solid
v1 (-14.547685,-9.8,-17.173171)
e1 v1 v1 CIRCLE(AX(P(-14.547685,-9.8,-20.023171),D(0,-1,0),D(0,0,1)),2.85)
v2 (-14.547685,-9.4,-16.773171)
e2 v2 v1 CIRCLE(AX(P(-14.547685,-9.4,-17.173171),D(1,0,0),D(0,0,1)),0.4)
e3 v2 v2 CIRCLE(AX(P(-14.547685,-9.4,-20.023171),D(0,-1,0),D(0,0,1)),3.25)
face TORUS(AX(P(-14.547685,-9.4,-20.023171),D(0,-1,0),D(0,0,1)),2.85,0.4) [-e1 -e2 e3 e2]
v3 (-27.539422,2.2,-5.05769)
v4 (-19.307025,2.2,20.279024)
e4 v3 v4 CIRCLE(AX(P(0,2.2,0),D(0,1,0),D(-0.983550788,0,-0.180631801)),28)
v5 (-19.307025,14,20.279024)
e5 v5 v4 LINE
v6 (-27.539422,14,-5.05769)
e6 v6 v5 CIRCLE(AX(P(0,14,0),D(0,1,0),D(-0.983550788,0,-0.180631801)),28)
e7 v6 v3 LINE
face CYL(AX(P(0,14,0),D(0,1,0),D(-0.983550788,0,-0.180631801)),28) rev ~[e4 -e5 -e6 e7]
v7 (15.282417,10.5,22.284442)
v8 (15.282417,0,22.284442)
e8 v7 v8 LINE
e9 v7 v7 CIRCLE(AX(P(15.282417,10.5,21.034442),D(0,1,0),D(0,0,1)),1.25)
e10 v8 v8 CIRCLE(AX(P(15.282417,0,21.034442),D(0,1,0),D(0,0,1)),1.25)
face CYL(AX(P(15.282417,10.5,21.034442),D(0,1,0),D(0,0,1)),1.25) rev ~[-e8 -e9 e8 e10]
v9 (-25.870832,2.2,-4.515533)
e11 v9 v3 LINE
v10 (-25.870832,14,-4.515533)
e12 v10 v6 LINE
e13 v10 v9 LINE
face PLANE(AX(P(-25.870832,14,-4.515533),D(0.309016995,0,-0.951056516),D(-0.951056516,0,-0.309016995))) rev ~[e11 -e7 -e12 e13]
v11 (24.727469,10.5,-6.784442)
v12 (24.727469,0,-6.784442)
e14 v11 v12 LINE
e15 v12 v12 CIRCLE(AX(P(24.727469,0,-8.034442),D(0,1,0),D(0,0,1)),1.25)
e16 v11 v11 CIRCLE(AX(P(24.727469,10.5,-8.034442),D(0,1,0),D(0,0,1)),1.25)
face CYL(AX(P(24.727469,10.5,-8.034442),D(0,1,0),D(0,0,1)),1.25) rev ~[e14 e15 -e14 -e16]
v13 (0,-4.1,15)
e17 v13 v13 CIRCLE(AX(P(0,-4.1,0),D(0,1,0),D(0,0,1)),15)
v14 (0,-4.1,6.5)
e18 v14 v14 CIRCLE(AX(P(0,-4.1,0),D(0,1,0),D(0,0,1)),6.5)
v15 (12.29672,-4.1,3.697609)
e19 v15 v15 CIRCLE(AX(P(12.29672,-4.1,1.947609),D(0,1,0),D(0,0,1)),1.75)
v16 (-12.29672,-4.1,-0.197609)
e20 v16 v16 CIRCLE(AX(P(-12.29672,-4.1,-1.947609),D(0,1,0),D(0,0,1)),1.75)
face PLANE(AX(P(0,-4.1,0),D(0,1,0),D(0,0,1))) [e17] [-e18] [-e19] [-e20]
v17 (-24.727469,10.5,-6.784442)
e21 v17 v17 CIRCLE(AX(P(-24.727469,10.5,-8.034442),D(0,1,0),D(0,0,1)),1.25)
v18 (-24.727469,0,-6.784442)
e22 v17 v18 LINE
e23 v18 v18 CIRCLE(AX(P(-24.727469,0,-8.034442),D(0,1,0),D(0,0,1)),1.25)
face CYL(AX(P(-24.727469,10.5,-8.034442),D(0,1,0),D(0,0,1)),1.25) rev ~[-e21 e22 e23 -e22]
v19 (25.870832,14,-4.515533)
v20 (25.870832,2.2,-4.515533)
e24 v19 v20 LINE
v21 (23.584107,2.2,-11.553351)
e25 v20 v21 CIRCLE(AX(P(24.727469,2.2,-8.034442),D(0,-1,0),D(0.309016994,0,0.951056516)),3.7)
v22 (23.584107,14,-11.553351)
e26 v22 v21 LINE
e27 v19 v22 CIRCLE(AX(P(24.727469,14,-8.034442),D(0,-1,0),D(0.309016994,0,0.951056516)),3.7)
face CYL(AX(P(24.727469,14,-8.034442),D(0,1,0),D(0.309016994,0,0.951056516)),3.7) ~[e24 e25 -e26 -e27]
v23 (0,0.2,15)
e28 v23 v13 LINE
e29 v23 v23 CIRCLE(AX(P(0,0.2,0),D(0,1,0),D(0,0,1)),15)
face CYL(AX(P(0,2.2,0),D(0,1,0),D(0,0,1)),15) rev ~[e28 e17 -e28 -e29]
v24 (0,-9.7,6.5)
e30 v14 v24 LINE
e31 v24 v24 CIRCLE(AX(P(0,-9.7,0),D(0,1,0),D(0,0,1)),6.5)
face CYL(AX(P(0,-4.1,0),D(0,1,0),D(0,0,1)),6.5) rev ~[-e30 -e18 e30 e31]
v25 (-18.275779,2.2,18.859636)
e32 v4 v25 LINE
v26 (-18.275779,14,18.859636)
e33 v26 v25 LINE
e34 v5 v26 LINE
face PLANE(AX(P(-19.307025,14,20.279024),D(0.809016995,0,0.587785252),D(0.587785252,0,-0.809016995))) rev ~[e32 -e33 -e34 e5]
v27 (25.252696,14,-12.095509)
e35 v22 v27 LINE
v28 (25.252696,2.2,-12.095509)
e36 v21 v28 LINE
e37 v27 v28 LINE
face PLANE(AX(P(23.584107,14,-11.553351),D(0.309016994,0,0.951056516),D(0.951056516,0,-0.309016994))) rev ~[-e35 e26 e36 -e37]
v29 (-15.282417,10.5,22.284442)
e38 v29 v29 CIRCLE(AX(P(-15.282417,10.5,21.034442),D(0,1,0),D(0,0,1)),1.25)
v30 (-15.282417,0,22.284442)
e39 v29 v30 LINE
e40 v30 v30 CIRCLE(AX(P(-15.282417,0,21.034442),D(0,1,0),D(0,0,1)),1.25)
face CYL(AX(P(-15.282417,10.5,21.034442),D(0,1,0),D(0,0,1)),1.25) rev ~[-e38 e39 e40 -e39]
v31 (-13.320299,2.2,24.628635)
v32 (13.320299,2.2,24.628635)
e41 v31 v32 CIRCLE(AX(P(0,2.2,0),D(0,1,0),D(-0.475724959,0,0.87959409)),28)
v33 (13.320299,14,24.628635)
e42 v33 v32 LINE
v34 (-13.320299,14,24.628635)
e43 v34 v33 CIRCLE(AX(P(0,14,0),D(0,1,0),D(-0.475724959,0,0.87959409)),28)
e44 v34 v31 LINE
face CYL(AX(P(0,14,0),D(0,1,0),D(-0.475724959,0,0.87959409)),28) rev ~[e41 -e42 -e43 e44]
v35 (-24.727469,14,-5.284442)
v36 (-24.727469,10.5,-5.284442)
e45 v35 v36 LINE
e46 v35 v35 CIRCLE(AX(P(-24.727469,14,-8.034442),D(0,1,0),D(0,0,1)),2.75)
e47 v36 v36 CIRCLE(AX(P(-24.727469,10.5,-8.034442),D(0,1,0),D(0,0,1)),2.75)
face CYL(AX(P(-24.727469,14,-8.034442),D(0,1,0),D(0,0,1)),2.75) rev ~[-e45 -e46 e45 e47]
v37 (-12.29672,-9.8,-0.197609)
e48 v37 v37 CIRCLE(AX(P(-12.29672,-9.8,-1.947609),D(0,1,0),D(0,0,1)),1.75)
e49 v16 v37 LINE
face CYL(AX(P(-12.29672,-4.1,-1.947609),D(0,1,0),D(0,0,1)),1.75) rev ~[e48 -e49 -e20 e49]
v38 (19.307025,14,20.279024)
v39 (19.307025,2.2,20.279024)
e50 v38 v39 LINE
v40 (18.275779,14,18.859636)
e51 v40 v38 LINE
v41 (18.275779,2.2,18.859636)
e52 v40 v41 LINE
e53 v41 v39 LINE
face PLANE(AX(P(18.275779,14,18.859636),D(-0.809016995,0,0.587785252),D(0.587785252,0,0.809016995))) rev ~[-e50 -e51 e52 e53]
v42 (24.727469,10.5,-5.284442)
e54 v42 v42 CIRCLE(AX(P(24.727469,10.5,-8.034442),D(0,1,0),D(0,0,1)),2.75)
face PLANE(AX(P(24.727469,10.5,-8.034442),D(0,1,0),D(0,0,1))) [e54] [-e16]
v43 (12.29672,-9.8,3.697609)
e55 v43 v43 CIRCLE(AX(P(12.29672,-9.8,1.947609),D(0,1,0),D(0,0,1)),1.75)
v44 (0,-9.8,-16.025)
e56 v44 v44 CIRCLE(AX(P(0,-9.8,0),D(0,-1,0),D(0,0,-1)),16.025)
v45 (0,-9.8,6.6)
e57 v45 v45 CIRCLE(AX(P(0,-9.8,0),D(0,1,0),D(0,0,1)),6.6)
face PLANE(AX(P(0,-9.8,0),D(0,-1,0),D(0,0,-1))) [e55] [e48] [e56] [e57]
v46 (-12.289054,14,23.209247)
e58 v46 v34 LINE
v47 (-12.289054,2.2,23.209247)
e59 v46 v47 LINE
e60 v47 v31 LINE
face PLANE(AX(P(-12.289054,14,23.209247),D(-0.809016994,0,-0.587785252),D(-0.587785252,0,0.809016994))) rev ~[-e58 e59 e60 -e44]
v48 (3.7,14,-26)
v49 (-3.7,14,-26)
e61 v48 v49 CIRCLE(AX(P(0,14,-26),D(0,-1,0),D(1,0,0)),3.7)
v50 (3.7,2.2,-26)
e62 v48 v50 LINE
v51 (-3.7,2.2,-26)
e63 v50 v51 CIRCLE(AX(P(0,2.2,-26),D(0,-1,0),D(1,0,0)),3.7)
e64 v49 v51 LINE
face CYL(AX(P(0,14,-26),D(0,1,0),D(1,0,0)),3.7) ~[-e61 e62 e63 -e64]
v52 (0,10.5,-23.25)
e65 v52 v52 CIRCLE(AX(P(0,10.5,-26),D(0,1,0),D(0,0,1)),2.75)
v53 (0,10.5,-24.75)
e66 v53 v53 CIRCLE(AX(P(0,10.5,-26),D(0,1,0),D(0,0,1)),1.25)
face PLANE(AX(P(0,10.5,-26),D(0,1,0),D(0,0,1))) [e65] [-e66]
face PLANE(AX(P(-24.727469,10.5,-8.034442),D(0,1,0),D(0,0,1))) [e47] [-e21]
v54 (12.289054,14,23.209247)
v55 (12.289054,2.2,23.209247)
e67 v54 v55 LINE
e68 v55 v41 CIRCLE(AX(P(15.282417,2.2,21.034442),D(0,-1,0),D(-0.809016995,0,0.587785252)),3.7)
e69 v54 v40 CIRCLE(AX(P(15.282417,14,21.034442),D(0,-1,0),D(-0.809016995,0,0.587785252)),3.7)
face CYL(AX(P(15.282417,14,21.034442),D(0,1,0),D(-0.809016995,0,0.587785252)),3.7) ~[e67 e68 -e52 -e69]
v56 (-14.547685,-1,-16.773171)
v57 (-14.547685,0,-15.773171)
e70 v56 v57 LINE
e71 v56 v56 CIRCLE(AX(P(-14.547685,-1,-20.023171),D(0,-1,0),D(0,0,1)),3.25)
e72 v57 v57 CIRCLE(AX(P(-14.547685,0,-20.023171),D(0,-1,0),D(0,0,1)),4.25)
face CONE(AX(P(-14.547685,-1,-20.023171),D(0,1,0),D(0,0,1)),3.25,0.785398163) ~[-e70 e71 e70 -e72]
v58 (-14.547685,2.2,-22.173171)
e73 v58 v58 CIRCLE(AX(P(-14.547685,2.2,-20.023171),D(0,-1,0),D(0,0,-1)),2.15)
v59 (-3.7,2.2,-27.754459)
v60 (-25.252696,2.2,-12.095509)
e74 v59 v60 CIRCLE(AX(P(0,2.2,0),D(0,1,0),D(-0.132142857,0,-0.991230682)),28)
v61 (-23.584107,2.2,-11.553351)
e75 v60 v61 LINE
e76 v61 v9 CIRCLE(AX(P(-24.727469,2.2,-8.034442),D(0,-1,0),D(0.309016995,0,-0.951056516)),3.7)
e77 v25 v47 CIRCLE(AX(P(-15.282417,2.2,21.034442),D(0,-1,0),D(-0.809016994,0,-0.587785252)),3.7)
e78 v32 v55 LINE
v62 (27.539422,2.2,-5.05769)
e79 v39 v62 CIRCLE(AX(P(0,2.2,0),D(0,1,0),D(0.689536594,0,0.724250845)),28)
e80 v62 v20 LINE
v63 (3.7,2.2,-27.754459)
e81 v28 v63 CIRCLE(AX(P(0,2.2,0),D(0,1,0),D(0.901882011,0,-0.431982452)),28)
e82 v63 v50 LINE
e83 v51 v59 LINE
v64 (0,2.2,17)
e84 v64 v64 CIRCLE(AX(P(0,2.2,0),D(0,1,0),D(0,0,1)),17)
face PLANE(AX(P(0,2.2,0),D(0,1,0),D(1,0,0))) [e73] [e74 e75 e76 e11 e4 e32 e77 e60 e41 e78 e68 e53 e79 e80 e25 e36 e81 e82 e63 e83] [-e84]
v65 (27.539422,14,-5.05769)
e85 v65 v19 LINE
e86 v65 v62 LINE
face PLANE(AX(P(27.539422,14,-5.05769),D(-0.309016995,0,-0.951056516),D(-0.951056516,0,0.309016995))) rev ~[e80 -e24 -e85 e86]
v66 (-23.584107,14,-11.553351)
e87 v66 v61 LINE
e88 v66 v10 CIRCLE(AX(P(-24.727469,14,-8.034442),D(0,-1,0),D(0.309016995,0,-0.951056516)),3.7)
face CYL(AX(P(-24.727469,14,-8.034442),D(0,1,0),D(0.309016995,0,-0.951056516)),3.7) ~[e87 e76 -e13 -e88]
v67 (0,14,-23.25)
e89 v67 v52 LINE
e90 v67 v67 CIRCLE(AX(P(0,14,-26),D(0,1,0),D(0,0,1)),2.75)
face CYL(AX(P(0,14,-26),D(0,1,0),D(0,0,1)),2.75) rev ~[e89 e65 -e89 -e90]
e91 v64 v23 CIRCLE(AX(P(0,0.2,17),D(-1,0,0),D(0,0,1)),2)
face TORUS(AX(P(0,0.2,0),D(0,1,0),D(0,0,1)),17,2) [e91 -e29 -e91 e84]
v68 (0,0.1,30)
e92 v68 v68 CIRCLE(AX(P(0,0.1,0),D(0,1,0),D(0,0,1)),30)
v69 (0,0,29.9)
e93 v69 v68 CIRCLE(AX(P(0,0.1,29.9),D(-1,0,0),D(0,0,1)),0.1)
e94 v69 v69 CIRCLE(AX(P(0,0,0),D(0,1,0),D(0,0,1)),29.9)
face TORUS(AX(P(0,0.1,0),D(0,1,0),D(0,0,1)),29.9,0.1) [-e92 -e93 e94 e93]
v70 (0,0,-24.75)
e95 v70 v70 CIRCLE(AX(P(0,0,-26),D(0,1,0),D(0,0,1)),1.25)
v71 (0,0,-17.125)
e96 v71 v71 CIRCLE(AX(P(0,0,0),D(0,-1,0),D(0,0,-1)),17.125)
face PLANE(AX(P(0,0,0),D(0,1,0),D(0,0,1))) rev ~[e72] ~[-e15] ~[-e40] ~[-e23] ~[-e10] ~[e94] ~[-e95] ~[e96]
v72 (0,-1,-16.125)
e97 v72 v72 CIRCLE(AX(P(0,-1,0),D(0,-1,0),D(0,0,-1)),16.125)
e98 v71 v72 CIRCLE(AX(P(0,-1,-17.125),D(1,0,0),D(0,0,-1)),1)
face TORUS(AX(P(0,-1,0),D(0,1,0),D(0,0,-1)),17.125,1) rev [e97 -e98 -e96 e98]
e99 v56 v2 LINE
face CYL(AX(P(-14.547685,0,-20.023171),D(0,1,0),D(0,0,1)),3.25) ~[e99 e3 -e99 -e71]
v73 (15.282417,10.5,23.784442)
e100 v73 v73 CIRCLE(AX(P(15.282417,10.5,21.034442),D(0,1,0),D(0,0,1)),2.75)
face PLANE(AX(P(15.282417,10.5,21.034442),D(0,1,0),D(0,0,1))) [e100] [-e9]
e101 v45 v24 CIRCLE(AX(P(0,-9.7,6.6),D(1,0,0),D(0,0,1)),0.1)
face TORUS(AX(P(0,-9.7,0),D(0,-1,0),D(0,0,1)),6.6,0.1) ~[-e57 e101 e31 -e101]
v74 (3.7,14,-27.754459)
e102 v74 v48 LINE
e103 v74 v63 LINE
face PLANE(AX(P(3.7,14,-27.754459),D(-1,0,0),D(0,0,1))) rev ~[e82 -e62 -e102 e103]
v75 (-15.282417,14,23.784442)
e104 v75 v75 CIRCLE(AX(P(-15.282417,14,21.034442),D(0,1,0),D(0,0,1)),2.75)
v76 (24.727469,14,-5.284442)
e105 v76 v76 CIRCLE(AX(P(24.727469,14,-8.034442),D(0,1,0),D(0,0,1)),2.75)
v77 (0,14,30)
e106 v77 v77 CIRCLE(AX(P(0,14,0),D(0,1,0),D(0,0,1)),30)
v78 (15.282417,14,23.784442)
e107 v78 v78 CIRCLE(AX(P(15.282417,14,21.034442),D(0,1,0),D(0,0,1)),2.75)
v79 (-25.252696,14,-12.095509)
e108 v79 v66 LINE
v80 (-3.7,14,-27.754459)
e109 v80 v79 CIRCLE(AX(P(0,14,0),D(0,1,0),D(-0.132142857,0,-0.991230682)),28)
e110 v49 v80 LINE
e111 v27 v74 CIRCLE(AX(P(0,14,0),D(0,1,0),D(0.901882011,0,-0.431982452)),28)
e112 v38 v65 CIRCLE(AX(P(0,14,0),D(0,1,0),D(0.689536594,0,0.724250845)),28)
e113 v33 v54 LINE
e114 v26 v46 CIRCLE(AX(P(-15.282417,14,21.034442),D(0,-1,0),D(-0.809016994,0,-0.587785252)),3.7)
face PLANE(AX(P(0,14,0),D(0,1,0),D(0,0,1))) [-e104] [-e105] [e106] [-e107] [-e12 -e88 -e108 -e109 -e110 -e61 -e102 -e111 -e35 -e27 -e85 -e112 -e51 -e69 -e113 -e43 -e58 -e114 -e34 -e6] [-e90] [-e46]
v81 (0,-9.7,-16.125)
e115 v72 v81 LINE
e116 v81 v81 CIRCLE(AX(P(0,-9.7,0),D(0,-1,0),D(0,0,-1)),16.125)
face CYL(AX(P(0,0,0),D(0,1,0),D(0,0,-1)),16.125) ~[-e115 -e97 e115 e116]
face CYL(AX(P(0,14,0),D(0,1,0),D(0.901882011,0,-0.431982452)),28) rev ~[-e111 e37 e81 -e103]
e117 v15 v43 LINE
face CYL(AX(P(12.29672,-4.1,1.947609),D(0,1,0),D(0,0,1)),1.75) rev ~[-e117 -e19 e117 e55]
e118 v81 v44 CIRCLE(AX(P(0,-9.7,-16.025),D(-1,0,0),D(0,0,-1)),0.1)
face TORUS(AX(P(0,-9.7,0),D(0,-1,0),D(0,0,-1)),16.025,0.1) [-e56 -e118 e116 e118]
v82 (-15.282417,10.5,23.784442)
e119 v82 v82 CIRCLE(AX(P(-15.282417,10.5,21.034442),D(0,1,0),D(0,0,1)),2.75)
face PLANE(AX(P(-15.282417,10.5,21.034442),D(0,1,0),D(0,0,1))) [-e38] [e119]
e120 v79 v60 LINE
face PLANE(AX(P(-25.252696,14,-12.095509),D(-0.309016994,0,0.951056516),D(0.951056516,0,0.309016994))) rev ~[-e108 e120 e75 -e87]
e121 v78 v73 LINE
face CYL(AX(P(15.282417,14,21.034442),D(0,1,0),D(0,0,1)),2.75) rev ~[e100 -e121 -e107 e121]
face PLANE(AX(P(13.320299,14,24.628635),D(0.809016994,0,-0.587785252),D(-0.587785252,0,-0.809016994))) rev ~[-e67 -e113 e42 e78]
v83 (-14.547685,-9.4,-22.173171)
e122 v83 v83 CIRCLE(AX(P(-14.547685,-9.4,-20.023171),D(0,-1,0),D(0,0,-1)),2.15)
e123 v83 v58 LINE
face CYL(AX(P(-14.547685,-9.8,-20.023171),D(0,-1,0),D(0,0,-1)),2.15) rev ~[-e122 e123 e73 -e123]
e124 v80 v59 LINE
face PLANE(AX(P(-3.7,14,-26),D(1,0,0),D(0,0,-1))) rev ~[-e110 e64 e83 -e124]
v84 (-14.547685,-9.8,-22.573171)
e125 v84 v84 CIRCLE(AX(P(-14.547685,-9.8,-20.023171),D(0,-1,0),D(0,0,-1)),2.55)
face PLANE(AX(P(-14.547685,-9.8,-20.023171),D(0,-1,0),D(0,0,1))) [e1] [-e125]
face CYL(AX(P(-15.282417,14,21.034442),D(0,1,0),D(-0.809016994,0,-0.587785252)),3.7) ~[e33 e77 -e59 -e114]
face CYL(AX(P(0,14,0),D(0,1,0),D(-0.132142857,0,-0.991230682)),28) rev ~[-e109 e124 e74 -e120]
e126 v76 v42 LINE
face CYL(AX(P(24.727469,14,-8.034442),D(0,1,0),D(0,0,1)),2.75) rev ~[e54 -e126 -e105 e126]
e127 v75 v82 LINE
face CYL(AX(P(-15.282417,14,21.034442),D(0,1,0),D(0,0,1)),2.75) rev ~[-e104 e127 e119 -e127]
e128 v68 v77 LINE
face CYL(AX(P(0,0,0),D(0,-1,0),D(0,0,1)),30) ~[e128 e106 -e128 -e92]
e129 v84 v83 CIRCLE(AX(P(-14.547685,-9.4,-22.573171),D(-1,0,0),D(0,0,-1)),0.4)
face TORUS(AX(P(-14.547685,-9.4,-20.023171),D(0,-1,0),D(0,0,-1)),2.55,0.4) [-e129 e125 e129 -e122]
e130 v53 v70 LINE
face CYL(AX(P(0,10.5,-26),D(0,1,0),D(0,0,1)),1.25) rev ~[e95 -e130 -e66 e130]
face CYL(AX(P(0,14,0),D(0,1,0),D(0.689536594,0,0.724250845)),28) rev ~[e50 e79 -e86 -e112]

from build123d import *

# Parameters (mm, degrees)
SKETCH1_R           = 30
BOSS_EXTRUDE1_DEPTH = 14
SKETCH2_R           = 16.125
BOSS_EXTRUDE2_DEPTH = 9.8
CUT_EXTRUDE1_DEPTH  = 11.8
SKETCH4_R           = 15
CUT_EXTRUDE2_DEPTH  = 6.3
SKETCH5_R           = 6.5
CUT_EXTRUDE3_DEPTH  = 8.3
SKETCH6_R           = 2.75
CUT_EXTRUDE4_DEPTH  = 3.5
SKETCH7_R           = 1.25
CUT_EXTRUDE5_DEPTH  = 48.032860853
SKETCH8_R           = 1.75
CUT_EXTRUDE6_DEPTH  = 47.126023024
SKETCH10_R          = 3.25
BOSS_EXTRUDE3_DEPTH = 9.8
SKETCH11_R          = 2.15
CUT_EXTRUDE7_DEPTH  = 49.6460687
FILLET1_R           = 2
CHAMFER1_SIZE       = 1
FILLET2_R           = 0.1
FILLET3_R           = 0.4
FILLET4_R           = 1


with BuildPart() as part:
    # Sketch1 → Boss-Extrude1 (new body)
    with BuildSketch(Plane(origin=(0, 0, 0), x_dir=(1, 0, 0), z_dir=(0, 1, 0))):
        with Locations(Location((0, 0, 0), (0, 0, 270))):
            Circle(SKETCH1_R)
    extrude(amount=BOSS_EXTRUDE1_DEPTH)

    # Sketch2 → Boss-Extrude2 (add)
    with BuildSketch(Plane.XZ):
        with Locations(Location((0, 0, 0), (0, 0, 270))):
            Circle(SKETCH2_R)
    extrude(amount=BOSS_EXTRUDE2_DEPTH)

    # Sketch3 → Cut-Extrude1 (cut)
    with BuildSketch(Plane(origin=(0, 14, 0), x_dir=(1, 0, 0), z_dir=(0, 1, 0))):
        with BuildLine():
            Line((-3.7, 26), (-3.7, 27.754459101))
            ThreePointArc((-3.7, 27.754459101), (-16.457987064, 22.652475842), (-25.252696305, 12.095508642))
            Line((-25.252696305, 12.095508642), (-23.584106544, 11.553350964))
            ThreePointArc((-23.584106544, 11.553350964), (-21.208560313, 6.891078975), (-25.870832303, 4.515532743))
            Line((-25.870832303, 4.515532743), (-27.539422064, 5.057690422))
            ThreePointArc((-27.539422064, 5.057690422), (-26.629582456, -8.652475842), (-19.307024624, -20.279023649))
            Line((-19.307024624, -20.279023649), (-18.275779439, -18.85963642))
            ThreePointArc((-18.275779439, -18.85963642), (-13.107611126, -18.041078975), (-12.28905368, -23.209247287))
            Line((-12.28905368, -23.209247287), (-13.320298866, -24.628634516))
            ThreePointArc((-13.320298866, -24.628634516), (0, -28), (13.320298866, -24.628634516))
            Line((13.320298866, -24.628634516), (12.28905368, -23.209247287))
            ThreePointArc((12.28905368, -23.209247287), (13.107611126, -18.041078975), (18.275779439, -18.85963642))
            Line((18.275779439, -18.85963642), (19.307024624, -20.279023649))
            ThreePointArc((19.307024624, -20.279023649), (26.629582456, -8.652475842), (27.539422064, 5.057690422))
            Line((27.539422064, 5.057690422), (25.870832303, 4.515532743))
            ThreePointArc((25.870832303, 4.515532743), (21.208560313, 6.891078975), (23.584106544, 11.553350964))
            Line((23.584106544, 11.553350964), (25.252696305, 12.095508642))
            ThreePointArc((25.252696305, 12.095508642), (16.457987064, 22.652475842), (3.7, 27.754459101))
            Line((3.7, 27.754459101), (3.7, 26))
            ThreePointArc((3.7, 26), (0, 22.3), (-3.7, 26))
        make_face()
    extrude(amount=-CUT_EXTRUDE1_DEPTH, mode=Mode.SUBTRACT)

    # Sketch4 → Cut-Extrude2 (cut)
    with BuildSketch(Plane(origin=(0, 2.2, 0), x_dir=(1, 0, 0), z_dir=(0, 1, 0))):
        with Locations(Location((0, 0, 0), (0, 0, 270))):
            Circle(SKETCH4_R)
    extrude(amount=-CUT_EXTRUDE2_DEPTH, mode=Mode.SUBTRACT)

    # Sketch5 → Cut-Extrude3 (cut)
    with BuildSketch(Plane(origin=(0, -4.1, 0), x_dir=(1, 0, 0), z_dir=(0, 1, 0))):
        with Locations(Location((0, 0, 0), (0, 0, 270))):
            Circle(SKETCH5_R)
    extrude(amount=-CUT_EXTRUDE3_DEPTH, mode=Mode.SUBTRACT)

    # Sketch6 → Cut-Extrude4 (cut)
    with BuildSketch(Plane(origin=(0, 14, 0), x_dir=(1, 0, 0), z_dir=(0, 1, 0))):
        with Locations(Location((0, 26, 0), (0, 0, 270))):
            Circle(SKETCH6_R)
        with Locations(Location((24.727469424, 8.034441854, 0), (0, 0, 270))):
            Circle(SKETCH6_R)
        with Locations(Location((15.28241656, -21.034441854, 0), (0, 0, 270))):
            Circle(SKETCH6_R)
        with Locations(Location((-15.28241656, -21.034441854, 0), (0, 0, 270))):
            Circle(SKETCH6_R)
        with Locations(Location((-24.727469424, 8.034441854, 0), (0, 0, 270))):
            Circle(SKETCH6_R)
    extrude(amount=-CUT_EXTRUDE4_DEPTH, mode=Mode.SUBTRACT)

    # Sketch7 → Cut-Extrude5 (cut, through all)
    with BuildSketch(Plane(origin=(0, 10.5, 0), x_dir=(1, 0, 0), z_dir=(0, 1, 0))):
        with Locations(Location((15.28241656, -21.034441854, 0), (0, 0, 270))):
            Circle(SKETCH7_R)
        with Locations(Location((-15.28241656, -21.034441854, 0), (0, 0, 270))):
            Circle(SKETCH7_R)
        with Locations(Location((-24.727469424, 8.034441854, 0), (0, 0, 270))):
            Circle(SKETCH7_R)
        with Locations(Location((0, 26, 0), (0, 0, 270))):
            Circle(SKETCH7_R)
        with Locations(Location((24.727469424, 8.034441854, 0), (0, 0, 270))):
            Circle(SKETCH7_R)
    extrude(amount=-CUT_EXTRUDE5_DEPTH, mode=Mode.SUBTRACT)

    # Sketch8 → Cut-Extrude6 (cut, through all)
    with BuildSketch(Plane(origin=(0, -4.1, 0), x_dir=(1, 0, 0), z_dir=(0, 1, 0))):
        with Locations(Location((-12.29671984, 1.94760909, 0), (0, 0, 270))):
            Circle(SKETCH8_R)
        with Locations(Location((12.29671984, -1.94760909, 0), (0, 0, 270))):
            Circle(SKETCH8_R)
    extrude(amount=-CUT_EXTRUDE6_DEPTH, mode=Mode.SUBTRACT)

    # Sketch10 → Boss-Extrude3 (add)
    with BuildSketch(Plane.XZ):
        with Locations(Location((-14.547684994, -20.023170611, 0), (0, 0, 90))):
            Circle(SKETCH10_R)
    extrude(amount=BOSS_EXTRUDE3_DEPTH)

    # Sketch11 → Cut-Extrude7 (cut, through all)
    with BuildSketch(Plane.XZ.offset(9.8)):
        with Locations(Location((-14.547684994, -20.023170611, 0), (0, 0, 270))):
            Circle(SKETCH11_R)
    extrude(amount=-CUT_EXTRUDE7_DEPTH, mode=Mode.SUBTRACT)

    # Fillet1
    fillet1_edges = [part.edges().sort_by_distance(p)[0] for p in [
        (0, 2.2, -15),
    ]]
    fillet(fillet1_edges, radius=FILLET1_R)

    # Chamfer1
    chamfer1_edges = [part.edges().sort_by_distance(p)[0] for p in [
        (-14.547684994, 0, -23.273170611),
    ]]
    chamfer(chamfer1_edges, length=CHAMFER1_SIZE)

    # Fillet2
    fillet2_edges = [part.edges().sort_by_distance(p)[0] for p in [
        (0, 0, -30),
        (0, -9.8, 16.125),
        (0, -9.8, -6.5),
    ]]
    fillet(fillet2_edges, radius=FILLET2_R)

    # Fillet3
    fillet3_edges = [part.edges().sort_by_distance(p)[0] for p in [
        (-14.547684994, -9.8, -23.273170611),
        (-14.547684994, -9.8, -17.873170611),
    ]]
    fillet(fillet3_edges, radius=FILLET3_R)

    # Fillet4
    fillet4_edges = [part.edges().sort_by_distance(p)[0] for p in [
        (0, 0, 16.125),
    ]]
    fillet(fillet4_edges, radius=FILLET4_R)


solid = part.part
